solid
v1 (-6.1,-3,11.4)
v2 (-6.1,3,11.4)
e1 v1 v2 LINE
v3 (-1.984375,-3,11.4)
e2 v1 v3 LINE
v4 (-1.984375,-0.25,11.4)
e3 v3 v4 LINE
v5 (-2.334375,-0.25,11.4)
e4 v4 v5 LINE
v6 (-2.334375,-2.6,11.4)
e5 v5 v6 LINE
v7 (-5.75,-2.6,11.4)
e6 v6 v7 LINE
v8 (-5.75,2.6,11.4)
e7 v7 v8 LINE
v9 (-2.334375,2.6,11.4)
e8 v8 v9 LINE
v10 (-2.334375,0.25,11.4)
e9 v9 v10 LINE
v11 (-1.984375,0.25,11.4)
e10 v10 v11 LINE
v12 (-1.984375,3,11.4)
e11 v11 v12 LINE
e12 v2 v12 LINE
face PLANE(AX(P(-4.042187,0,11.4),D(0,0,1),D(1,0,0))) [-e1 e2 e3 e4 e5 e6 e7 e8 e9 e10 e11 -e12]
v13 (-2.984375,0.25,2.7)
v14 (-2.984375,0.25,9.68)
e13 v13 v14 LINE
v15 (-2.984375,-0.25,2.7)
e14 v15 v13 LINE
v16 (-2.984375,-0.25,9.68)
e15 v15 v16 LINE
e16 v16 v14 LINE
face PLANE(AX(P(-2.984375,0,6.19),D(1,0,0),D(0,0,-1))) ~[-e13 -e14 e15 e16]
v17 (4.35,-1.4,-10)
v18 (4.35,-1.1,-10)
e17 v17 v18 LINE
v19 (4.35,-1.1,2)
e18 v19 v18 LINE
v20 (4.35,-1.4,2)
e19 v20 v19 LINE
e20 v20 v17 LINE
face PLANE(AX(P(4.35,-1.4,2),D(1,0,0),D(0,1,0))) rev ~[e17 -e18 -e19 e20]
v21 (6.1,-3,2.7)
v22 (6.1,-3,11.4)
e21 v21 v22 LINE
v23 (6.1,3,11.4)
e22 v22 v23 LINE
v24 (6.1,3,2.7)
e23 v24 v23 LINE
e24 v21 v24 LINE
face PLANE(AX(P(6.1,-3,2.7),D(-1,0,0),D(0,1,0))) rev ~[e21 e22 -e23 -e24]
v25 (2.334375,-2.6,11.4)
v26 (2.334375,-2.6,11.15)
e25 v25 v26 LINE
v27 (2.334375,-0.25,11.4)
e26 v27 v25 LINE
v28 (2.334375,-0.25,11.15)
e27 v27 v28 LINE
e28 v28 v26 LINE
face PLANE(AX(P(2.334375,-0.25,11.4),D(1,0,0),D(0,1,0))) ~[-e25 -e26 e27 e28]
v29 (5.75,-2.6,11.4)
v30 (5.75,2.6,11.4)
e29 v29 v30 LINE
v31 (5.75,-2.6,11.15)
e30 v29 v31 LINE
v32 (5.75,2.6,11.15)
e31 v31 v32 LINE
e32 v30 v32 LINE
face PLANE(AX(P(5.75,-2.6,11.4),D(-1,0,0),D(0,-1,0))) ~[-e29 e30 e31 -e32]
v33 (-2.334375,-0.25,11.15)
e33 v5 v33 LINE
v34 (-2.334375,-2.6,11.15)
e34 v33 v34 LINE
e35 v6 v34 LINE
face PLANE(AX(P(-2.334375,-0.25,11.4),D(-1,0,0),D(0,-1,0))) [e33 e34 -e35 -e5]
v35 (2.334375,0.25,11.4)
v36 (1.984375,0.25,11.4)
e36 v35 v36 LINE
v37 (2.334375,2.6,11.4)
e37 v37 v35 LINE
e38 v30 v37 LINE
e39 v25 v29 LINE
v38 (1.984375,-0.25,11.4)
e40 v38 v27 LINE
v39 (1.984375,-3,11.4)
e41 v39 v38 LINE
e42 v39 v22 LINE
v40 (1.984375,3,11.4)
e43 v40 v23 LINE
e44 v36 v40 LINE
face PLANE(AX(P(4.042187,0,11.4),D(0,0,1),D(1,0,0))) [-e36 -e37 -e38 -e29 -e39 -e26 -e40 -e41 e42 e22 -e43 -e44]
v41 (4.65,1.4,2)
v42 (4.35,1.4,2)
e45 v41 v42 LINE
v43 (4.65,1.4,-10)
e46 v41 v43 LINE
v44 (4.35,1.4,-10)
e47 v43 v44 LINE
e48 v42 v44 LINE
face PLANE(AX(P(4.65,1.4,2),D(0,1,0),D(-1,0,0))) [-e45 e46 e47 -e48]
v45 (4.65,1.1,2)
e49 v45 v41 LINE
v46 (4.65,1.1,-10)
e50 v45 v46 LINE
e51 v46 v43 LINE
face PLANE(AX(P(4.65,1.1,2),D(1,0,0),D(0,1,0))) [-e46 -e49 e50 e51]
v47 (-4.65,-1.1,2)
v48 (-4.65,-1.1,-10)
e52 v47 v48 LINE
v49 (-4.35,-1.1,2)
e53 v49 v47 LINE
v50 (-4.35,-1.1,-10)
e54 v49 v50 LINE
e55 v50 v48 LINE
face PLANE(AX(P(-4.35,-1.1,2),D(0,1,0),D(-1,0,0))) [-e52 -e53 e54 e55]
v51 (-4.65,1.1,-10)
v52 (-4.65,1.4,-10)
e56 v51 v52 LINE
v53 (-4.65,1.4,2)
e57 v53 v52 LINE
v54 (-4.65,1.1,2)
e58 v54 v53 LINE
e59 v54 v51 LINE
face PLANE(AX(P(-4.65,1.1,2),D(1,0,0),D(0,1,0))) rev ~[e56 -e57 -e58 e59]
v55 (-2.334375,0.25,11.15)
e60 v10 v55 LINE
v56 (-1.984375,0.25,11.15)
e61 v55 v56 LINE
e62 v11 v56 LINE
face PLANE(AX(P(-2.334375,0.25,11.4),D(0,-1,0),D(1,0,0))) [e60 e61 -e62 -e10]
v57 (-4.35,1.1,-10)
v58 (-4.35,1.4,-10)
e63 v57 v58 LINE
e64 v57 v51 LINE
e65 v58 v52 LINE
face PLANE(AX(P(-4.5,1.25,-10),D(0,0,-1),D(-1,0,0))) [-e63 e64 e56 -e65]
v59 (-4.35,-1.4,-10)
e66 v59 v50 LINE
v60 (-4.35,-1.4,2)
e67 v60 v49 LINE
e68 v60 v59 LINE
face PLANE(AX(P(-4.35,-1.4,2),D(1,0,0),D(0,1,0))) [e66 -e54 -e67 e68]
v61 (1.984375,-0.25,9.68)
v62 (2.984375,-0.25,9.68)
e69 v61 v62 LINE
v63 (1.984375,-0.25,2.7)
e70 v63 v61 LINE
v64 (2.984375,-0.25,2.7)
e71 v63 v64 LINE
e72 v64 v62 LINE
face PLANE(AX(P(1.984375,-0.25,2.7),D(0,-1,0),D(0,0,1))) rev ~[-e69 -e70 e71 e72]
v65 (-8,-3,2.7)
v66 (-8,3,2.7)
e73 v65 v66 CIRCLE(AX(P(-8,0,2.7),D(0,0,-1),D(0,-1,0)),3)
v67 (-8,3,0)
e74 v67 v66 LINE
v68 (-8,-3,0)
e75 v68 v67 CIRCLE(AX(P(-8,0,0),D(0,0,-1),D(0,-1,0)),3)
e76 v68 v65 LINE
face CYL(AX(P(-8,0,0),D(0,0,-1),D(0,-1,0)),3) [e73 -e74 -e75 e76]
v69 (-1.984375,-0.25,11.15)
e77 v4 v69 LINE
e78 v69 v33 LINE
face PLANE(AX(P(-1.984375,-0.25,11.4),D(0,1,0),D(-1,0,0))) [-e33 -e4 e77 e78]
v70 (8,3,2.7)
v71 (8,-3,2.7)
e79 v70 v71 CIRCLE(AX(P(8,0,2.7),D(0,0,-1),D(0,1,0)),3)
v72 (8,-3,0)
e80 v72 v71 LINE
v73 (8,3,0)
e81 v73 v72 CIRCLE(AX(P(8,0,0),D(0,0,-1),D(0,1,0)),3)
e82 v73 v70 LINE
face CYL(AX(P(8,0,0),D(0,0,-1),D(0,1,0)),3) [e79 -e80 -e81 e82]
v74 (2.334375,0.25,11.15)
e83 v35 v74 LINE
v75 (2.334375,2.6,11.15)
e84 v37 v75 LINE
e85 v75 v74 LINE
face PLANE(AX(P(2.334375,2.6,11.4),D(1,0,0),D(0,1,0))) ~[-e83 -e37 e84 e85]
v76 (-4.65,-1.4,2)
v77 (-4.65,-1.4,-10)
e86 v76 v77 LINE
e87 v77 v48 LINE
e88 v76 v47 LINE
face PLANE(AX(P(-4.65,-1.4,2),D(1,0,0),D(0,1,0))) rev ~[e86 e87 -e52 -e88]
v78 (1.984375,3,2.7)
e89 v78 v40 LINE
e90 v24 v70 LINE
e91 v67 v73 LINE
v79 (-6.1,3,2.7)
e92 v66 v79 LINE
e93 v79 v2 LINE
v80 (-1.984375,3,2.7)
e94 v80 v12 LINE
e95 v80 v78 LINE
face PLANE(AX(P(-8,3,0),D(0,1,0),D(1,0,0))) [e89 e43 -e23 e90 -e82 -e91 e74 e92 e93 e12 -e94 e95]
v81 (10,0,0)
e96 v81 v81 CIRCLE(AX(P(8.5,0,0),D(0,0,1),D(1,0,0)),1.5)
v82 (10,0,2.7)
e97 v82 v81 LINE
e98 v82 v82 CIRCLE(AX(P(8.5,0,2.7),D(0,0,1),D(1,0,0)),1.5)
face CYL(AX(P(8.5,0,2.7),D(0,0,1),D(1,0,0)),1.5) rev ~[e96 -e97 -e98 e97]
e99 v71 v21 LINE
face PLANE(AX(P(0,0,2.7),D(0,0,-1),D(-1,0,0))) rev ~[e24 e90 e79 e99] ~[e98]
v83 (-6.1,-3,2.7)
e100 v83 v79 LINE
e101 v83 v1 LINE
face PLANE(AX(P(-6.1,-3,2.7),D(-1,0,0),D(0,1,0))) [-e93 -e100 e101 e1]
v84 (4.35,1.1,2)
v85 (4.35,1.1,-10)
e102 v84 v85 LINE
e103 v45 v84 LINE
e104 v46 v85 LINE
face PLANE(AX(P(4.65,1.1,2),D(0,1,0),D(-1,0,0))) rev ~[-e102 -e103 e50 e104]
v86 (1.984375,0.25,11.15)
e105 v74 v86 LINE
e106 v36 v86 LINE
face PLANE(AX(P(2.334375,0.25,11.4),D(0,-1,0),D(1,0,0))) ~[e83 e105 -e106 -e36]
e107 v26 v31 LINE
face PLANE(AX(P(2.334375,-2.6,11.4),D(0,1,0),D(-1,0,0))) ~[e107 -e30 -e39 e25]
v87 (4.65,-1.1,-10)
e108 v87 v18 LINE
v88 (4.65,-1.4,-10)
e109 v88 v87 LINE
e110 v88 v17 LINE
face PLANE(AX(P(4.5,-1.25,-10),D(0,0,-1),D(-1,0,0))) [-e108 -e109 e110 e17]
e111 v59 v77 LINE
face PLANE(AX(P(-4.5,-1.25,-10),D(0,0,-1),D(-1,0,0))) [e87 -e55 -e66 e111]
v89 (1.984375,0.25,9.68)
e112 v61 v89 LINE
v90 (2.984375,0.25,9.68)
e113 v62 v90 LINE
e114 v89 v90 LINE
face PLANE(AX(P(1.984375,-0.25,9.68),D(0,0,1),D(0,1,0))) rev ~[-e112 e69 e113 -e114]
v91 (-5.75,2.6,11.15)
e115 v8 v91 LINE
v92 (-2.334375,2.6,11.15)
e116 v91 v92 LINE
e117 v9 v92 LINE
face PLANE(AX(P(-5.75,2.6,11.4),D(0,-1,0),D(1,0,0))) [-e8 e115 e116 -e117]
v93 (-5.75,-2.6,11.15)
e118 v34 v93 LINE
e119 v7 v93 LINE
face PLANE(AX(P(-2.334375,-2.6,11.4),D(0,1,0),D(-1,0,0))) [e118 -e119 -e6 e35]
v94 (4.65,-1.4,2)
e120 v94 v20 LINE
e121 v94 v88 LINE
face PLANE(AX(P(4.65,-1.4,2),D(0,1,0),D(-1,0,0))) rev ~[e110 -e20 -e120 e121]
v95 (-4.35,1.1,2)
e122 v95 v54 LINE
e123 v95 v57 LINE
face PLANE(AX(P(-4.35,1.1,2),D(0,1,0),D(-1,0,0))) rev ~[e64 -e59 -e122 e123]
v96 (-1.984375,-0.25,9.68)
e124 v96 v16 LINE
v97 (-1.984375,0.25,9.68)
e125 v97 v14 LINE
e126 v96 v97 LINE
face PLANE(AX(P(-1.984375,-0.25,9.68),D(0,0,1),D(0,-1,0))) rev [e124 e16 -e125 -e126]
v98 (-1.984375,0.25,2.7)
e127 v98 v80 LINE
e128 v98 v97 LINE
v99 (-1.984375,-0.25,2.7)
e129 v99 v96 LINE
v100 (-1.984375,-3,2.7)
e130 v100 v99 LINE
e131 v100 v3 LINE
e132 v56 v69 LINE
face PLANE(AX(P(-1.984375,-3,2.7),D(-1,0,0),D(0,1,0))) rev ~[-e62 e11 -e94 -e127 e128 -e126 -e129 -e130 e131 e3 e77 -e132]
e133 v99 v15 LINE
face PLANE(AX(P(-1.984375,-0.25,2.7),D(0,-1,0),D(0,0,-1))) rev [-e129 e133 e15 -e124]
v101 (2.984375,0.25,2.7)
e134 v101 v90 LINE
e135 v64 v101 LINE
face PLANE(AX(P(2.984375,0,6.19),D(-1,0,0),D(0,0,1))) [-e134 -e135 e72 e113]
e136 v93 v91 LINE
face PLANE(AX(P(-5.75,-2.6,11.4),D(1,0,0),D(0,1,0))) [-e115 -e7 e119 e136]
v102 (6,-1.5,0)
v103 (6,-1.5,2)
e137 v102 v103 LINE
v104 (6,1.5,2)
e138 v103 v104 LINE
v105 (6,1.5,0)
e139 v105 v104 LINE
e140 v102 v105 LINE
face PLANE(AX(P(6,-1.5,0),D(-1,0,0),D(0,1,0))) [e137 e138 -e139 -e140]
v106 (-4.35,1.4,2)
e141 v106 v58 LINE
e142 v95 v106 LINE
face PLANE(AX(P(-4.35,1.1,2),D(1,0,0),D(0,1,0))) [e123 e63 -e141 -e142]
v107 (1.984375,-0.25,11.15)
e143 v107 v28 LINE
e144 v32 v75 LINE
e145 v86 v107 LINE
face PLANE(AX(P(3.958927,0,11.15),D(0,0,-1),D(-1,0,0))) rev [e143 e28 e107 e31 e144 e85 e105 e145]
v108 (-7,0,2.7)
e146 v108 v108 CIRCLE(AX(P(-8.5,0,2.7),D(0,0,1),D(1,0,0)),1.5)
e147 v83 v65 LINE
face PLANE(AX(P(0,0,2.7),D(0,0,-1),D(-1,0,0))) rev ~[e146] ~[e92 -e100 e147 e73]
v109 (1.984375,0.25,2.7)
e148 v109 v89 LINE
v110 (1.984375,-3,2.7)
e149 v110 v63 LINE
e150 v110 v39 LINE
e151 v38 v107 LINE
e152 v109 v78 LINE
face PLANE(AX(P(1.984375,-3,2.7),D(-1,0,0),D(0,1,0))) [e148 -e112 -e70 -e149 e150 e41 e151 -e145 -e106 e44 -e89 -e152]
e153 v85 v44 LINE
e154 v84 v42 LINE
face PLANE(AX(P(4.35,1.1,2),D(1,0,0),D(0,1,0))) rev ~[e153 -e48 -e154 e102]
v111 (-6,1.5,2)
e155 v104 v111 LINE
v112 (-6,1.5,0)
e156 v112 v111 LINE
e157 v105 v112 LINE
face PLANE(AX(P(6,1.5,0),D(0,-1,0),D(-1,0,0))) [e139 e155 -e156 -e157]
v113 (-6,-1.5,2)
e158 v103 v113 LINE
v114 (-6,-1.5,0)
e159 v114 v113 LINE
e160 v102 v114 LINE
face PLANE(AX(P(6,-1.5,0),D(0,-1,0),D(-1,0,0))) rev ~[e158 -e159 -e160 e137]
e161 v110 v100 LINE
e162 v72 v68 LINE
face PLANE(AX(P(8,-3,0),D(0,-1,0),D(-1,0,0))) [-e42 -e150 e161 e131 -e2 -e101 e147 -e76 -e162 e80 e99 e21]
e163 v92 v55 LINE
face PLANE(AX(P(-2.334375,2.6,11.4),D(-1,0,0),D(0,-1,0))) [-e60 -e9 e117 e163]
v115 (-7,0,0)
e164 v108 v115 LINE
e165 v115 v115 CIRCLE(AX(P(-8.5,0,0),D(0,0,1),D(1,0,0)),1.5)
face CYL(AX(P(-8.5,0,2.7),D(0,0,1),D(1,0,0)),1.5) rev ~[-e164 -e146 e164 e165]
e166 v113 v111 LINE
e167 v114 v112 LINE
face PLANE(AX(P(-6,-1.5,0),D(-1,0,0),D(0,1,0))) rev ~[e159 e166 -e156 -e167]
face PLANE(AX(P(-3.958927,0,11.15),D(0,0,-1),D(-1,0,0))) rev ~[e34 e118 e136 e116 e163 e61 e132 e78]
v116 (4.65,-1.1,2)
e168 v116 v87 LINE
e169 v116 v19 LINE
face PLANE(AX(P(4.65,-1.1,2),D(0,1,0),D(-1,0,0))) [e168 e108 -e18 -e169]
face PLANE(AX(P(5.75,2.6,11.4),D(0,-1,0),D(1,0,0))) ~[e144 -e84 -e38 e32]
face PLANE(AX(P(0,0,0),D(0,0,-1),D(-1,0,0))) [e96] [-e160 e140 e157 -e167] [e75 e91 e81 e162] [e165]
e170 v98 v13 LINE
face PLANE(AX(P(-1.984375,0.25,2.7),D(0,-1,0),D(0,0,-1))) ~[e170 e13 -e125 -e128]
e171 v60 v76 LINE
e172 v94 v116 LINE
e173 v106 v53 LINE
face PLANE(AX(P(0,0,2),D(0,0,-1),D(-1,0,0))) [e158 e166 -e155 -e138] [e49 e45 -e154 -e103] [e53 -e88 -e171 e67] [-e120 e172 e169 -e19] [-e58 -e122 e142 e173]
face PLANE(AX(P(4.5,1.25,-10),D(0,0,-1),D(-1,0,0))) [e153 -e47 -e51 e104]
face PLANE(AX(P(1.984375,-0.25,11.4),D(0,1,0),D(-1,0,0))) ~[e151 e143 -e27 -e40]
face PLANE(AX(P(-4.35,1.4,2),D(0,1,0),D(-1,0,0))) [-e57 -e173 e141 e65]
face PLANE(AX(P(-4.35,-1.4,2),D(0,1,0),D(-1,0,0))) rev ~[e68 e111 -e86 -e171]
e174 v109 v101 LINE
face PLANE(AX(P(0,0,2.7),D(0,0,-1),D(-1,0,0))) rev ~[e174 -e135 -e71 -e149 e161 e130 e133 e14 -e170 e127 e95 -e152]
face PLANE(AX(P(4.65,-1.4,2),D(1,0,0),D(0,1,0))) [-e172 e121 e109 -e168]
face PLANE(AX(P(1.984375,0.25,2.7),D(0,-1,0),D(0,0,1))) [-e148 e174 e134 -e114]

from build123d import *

# Parameters (mm, degrees)
BOSS_EXTRUDE1_DEPTH  = 2.7
SKETCH2_R            = 1.5
CUT_EXTRUDE1_DEPTH   = 3.7
SKETCH3_W            = 4.115625
SKETCH3_H            = 6
BOSS_EXTRUDE2_DEPTH  = 8.7
SKETCH4_W            = 12
SKETCH4_H            = 3
CUT_EXTRUDE2_DEPTH   = 2
CUT_EXTRUDE3_DEPTH   = 0.25
SKETCH6_W            = 0.3
SKETCH6_H            = 0.3
BOSS_EXTRUDE3_DEPTH  = 12
LPATTERN1_COUNT      = 2
LPATTERN1_PITCH      = 2.5
LPATTERN1_COUNT_DIR2 = 2
LPATTERN1_PITCH_DIR2 = 9
SKETCH7_W            = 6.98
SKETCH7_H            = 0.5
CUT_EXTRUDE4_DEPTH   = 1


with BuildPart() as part:
    # Sketch1 → Boss-Extrude1 (new body)
    with BuildSketch(Plane.XY):
        with BuildLine():
            Line((-8, 3), (8, 3))
            ThreePointArc((8, 3), (11, 0), (8, -3))
            Line((8, -3), (-8, -3))
            ThreePointArc((-8, -3), (-11, 0), (-8, 3))
        make_face()
    extrude(amount=BOSS_EXTRUDE1_DEPTH)

    # Sketch2 → Cut-Extrude1 (cut, through all)
    with BuildSketch(Plane.XY.offset(2.7)):
        with Locations((-8.5, 0)):
            Circle(SKETCH2_R)
        with Locations((8.5, 0)):
            Circle(SKETCH2_R)
    extrude(amount=-CUT_EXTRUDE1_DEPTH, mode=Mode.SUBTRACT)

    # Sketch3 → Boss-Extrude2 (add)
    with BuildSketch(Plane.XY.offset(2.7)):
        with Locations((-4.0421875, 0)):
            Rectangle(SKETCH3_W, SKETCH3_H)
        with Locations((4.0421875, 0)):
            Rectangle(SKETCH3_W, SKETCH3_H)
    extrude(amount=BOSS_EXTRUDE2_DEPTH)

    # Sketch4 → Cut-Extrude2 (cut)
    with BuildSketch(Plane(origin=(0, 0, 0), x_dir=(-1, 0, 0), z_dir=(0, 0, -1))):
        Rectangle(SKETCH4_W, SKETCH4_H)
    extrude(amount=-CUT_EXTRUDE2_DEPTH, mode=Mode.SUBTRACT)

    # Sketch5 → Cut-Extrude3 (cut)
    with BuildSketch(Plane.XY.offset(11.4)):
        Polygon((-2.334375, 0.25), (-1.984375, 0.25), (-1.984375, -0.25), (-2.334375, -0.25), (-2.334375, -2.6), (-5.75, -2.6), (-5.75, 2.6), (-2.334375, 2.6), align=None)
    cut_extrude3 = extrude(amount=-CUT_EXTRUDE3_DEPTH, mode=Mode.SUBTRACT)

    # Mirror1: Cut-Extrude3 across plane
    add(cut_extrude3.mirror(Plane(origin=(0, 0, 0), x_dir=(0, 0, 1), z_dir=(1, 0, 0))), mode=Mode.SUBTRACT)

    # Sketch6 → Boss-Extrude3 (add)
    with BuildSketch(Plane(origin=(0, 0, 2), x_dir=(-1, 0, 0), z_dir=(0, 0, -1))):
        with Locations((-4.5, 1.25)):
            Rectangle(SKETCH6_W, SKETCH6_H)
    boss_extrude3 = extrude(amount=BOSS_EXTRUDE3_DEPTH)

    # LPattern1: Boss-Extrude3 2 × 2
    with Locations(*[(-j * LPATTERN1_PITCH_DIR2, -i * LPATTERN1_PITCH, 0) for i in range(LPATTERN1_COUNT) for j in range(LPATTERN1_COUNT_DIR2) if (i, j) != (0, 0)]):
        add(boss_extrude3)

    # Sketch7 → Cut-Extrude4 (cut)
    with BuildSketch(Plane.ZY.offset(-1.984375)):
        with Locations((6.19, 0)):
            Rectangle(SKETCH7_W, SKETCH7_H)
    cut_extrude4 = extrude(amount=-CUT_EXTRUDE4_DEPTH, mode=Mode.SUBTRACT)

    # Mirror2: Cut-Extrude4 across plane
    add(cut_extrude4.mirror(Plane(origin=(0, 0, 0), x_dir=(0, 0, 1), z_dir=(1, 0, 0))), mode=Mode.SUBTRACT)


solid = part.part
